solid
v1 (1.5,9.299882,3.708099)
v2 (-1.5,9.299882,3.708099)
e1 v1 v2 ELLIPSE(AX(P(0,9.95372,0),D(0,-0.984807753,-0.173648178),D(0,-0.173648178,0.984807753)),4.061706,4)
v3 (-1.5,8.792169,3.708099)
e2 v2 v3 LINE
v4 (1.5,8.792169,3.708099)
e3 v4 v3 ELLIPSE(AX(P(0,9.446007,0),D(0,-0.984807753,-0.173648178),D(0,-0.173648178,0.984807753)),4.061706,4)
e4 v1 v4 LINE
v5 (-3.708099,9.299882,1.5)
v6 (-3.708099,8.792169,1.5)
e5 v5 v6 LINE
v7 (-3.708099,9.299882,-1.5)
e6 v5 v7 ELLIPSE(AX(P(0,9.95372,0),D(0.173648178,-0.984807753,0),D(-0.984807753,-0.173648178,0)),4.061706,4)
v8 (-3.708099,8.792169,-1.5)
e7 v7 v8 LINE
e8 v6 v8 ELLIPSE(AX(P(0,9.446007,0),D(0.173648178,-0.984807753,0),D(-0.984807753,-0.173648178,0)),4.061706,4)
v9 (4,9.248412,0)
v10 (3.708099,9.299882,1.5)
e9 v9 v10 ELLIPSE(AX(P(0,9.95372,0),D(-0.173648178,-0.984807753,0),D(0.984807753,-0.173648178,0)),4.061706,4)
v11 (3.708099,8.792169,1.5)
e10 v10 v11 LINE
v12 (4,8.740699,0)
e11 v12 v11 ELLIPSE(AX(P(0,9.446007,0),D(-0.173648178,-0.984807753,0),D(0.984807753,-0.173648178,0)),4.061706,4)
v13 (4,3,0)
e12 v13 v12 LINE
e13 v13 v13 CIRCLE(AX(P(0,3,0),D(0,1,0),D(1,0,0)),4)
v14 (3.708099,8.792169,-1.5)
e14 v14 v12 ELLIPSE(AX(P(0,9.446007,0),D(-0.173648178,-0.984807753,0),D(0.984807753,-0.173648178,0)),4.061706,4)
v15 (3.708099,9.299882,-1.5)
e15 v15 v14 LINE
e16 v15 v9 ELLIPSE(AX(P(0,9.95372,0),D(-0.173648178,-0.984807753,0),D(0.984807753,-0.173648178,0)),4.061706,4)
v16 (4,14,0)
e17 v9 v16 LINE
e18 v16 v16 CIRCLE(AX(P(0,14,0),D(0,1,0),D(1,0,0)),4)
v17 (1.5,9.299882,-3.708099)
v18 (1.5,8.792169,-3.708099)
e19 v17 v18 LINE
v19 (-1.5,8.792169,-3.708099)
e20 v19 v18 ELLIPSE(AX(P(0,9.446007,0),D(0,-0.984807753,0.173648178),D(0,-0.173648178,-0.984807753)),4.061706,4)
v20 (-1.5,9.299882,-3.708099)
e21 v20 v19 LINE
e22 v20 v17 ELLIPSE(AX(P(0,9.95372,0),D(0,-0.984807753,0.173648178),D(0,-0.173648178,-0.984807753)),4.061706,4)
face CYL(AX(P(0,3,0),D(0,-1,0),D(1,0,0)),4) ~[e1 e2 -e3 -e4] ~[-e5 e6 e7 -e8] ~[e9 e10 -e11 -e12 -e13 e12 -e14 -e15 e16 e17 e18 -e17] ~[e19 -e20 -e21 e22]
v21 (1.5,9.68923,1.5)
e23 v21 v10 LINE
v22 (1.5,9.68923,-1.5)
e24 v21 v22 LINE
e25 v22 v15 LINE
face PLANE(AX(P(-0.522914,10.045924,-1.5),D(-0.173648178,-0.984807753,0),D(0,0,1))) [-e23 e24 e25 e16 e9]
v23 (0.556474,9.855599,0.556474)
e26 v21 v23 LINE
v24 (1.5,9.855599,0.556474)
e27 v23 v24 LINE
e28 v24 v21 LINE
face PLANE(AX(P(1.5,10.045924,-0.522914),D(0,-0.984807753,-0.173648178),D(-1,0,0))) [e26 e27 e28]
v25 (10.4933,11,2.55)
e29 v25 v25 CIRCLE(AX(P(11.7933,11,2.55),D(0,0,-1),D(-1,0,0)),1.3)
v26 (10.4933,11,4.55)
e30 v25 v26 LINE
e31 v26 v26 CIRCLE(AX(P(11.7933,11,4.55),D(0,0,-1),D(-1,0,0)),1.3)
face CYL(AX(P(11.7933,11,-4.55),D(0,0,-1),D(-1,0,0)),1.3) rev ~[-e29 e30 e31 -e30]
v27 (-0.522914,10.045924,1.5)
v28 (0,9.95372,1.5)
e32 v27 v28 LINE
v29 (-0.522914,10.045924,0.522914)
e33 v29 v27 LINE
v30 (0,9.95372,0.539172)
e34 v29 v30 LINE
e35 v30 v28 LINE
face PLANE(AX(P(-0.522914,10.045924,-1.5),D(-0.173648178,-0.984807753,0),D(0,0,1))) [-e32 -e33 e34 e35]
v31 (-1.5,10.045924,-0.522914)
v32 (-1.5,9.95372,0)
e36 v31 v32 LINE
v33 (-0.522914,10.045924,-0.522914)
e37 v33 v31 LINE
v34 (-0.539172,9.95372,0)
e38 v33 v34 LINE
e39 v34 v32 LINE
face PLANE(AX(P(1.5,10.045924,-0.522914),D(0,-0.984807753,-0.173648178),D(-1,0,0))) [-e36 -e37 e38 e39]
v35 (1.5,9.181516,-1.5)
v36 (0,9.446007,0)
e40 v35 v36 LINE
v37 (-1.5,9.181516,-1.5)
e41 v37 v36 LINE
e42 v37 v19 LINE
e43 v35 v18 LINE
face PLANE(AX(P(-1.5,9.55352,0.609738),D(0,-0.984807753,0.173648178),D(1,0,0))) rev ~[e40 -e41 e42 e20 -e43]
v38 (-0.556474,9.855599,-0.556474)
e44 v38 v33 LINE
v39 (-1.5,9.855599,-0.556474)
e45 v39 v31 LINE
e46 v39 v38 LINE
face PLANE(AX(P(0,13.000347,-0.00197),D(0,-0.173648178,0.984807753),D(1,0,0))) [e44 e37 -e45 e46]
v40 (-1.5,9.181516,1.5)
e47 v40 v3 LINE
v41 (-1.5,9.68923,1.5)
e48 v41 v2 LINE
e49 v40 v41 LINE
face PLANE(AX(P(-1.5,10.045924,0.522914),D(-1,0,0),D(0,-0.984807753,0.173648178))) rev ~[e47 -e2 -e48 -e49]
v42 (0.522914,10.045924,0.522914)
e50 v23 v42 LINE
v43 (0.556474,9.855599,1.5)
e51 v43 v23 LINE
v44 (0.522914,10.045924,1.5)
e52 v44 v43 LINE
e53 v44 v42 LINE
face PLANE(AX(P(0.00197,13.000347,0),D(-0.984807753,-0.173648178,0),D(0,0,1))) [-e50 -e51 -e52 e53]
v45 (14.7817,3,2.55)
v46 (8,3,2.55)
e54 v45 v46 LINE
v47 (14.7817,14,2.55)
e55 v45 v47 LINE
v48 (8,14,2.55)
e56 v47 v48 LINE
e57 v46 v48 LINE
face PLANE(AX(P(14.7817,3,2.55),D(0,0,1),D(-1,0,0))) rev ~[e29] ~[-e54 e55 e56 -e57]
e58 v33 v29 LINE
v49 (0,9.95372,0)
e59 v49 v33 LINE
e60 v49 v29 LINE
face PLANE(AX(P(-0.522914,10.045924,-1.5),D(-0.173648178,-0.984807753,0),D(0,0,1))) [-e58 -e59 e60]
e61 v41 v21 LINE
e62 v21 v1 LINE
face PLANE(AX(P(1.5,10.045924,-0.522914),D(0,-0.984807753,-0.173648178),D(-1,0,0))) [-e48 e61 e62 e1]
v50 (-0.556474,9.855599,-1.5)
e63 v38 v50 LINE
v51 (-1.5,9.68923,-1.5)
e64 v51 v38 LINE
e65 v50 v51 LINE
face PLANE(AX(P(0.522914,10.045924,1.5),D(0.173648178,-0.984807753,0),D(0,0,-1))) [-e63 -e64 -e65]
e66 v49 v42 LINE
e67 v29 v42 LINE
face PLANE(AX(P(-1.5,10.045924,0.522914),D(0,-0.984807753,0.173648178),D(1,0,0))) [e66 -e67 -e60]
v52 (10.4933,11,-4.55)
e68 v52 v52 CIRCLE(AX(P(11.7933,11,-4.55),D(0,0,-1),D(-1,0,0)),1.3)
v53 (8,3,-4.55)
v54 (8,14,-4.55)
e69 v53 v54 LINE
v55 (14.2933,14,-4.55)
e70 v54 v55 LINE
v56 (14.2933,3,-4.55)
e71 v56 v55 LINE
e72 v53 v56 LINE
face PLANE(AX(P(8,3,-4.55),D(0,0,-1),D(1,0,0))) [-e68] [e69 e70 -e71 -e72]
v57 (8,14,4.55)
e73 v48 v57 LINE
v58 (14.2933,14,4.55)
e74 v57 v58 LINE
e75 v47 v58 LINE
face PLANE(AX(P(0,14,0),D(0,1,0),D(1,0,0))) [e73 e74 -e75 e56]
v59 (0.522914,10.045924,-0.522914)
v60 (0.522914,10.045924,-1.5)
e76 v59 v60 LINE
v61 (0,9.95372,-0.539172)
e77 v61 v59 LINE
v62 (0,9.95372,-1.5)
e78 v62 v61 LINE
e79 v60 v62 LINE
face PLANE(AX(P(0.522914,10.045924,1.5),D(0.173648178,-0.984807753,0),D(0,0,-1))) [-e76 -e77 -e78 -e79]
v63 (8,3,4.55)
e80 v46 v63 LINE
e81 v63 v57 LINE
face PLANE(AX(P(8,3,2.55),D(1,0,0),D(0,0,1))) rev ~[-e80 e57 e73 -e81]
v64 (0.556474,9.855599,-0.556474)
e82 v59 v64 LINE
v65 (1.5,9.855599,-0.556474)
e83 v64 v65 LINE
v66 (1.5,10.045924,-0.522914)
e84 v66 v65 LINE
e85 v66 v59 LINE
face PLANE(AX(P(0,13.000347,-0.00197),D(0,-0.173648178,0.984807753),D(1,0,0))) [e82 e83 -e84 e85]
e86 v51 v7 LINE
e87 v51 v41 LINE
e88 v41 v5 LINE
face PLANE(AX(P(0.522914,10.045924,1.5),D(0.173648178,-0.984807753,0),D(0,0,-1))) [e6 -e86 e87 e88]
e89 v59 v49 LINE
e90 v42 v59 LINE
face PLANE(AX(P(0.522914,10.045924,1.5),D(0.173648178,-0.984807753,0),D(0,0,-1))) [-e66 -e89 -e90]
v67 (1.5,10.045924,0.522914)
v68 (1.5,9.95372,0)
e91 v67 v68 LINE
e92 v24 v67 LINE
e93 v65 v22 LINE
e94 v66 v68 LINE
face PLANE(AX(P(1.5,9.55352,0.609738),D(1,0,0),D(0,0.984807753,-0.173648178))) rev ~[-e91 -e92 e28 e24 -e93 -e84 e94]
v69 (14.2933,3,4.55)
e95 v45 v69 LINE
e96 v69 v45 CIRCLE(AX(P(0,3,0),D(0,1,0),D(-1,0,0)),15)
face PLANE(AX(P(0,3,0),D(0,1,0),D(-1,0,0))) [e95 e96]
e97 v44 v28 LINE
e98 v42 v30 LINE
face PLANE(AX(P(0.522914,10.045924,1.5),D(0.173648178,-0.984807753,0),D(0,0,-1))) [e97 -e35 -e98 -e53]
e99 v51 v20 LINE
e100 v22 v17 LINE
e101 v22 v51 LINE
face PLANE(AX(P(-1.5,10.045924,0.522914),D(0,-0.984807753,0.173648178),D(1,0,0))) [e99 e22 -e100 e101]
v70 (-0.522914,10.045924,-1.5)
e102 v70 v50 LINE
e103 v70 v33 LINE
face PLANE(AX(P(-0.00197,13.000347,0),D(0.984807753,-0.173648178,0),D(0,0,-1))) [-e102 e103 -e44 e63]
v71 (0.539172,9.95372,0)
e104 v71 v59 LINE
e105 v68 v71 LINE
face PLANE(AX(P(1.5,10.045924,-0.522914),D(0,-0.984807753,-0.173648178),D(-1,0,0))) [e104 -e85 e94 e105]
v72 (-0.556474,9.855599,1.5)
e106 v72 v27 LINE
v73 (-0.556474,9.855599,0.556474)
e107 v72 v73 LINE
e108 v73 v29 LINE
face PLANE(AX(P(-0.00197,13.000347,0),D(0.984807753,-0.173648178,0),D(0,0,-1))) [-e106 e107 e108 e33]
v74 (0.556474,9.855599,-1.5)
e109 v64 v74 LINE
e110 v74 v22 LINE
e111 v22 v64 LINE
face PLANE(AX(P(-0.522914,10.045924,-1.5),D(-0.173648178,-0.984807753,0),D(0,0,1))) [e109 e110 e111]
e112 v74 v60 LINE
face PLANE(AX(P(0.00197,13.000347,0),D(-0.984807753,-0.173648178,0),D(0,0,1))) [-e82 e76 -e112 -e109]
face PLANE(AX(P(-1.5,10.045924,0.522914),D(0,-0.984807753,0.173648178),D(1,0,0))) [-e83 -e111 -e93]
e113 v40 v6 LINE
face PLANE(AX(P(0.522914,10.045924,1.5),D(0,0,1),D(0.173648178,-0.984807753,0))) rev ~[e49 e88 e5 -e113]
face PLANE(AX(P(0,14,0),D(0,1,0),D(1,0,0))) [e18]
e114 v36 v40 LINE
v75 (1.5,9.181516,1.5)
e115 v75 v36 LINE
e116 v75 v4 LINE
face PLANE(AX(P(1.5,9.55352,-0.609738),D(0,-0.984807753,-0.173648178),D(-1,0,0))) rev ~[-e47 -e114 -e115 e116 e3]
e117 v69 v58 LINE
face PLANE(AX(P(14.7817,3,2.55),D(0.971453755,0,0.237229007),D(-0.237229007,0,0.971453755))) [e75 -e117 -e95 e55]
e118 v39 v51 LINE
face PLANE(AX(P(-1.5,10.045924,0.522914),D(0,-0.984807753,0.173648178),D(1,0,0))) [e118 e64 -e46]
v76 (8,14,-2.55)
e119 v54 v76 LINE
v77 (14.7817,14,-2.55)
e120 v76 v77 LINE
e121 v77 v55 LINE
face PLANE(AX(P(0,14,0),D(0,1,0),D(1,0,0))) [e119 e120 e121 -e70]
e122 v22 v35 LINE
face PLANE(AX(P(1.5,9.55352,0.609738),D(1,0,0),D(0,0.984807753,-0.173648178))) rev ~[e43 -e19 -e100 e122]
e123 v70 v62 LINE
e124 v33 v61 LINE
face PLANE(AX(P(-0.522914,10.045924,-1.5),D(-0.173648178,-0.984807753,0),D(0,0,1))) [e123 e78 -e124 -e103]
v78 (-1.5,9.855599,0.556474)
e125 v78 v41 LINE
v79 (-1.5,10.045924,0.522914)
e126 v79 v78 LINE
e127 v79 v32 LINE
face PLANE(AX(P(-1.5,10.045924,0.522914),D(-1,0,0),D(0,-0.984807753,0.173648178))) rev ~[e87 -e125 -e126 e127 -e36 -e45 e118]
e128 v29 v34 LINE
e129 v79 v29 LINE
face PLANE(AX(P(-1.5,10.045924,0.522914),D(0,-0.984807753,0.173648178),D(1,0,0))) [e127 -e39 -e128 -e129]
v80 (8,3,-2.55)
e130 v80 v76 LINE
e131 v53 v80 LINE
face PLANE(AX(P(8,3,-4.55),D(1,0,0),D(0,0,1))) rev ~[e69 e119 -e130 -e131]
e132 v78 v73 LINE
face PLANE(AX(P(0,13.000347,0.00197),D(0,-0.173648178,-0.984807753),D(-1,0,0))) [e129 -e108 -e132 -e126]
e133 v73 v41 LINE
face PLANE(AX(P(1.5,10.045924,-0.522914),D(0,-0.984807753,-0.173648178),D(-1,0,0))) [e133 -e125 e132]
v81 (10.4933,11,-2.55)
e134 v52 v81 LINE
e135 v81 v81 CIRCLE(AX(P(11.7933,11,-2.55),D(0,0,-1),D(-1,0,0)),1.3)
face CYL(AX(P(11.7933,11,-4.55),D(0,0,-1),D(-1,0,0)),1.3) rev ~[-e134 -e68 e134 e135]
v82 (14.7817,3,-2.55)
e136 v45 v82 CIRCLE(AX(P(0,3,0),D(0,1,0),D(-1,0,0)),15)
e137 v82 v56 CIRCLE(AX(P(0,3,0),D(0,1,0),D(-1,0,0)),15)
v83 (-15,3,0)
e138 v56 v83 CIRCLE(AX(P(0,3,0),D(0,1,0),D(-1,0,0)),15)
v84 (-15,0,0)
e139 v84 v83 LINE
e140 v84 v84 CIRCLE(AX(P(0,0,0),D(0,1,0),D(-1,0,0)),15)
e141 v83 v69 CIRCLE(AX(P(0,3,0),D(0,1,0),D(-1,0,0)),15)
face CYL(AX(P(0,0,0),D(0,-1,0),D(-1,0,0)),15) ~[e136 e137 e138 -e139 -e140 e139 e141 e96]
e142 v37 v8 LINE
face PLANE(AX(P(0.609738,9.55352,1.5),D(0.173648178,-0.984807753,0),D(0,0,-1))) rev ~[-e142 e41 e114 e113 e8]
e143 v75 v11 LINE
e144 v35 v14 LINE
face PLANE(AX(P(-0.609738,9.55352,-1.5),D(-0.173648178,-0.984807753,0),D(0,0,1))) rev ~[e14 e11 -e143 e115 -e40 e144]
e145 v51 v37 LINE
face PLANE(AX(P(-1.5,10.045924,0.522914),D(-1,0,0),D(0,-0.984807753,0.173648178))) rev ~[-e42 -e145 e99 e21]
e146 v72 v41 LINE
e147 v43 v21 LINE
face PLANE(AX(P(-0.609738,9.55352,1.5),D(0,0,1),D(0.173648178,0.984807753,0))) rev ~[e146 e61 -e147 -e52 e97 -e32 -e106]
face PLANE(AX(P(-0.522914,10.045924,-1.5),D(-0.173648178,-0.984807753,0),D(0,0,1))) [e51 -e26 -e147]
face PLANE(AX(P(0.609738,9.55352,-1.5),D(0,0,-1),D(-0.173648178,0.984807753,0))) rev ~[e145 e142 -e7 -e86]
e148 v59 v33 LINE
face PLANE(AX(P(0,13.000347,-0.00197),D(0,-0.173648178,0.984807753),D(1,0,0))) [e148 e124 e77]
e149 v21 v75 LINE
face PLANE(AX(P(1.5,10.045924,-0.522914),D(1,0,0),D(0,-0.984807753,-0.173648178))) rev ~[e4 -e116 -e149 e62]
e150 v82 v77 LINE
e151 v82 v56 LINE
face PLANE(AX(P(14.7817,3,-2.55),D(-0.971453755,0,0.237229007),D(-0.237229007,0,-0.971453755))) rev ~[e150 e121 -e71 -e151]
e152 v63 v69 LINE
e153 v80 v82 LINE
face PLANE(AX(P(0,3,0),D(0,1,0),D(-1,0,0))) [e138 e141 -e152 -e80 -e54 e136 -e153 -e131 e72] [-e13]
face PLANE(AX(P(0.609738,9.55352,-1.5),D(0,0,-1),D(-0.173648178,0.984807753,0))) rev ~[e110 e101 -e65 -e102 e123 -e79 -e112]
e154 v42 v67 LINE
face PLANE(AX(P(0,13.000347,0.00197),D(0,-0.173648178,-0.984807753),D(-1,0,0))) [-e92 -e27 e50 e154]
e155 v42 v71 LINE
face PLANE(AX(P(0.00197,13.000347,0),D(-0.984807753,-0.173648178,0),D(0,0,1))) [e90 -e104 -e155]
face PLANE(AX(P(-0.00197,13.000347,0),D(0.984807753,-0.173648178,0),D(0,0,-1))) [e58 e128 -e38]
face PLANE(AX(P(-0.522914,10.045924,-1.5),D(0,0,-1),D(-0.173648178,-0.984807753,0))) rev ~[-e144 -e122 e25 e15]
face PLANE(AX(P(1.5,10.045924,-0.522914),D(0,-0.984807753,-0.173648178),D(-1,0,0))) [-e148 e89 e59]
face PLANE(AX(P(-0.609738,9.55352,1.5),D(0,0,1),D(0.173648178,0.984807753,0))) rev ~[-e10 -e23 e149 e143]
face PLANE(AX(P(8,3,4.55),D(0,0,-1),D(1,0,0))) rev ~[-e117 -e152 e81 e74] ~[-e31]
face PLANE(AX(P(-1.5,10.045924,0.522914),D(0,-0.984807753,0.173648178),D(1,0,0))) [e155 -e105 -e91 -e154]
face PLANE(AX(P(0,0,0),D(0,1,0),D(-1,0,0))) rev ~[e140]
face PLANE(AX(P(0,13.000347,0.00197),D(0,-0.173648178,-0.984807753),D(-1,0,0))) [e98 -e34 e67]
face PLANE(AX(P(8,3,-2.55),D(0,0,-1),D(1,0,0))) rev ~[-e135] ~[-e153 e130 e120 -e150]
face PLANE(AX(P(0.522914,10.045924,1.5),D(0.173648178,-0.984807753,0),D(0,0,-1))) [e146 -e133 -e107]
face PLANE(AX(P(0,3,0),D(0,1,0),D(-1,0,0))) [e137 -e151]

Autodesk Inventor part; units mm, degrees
ref_plane "XZ Plane" through (0, 0, 0) normal (0, 1, 0) x (-1, 0, 0)
ref_plane "XY Plane" through (0, 0, 0) normal (0, 0, 1) x (1, 0, 0)
sketch "スケッチ1" plane through (0, 0, 0) normal (0, 1, 0) x (-1, 0, 0)
  circle A0 centre (0, 0) radius 15
  dimension "d0" = 30
extrude "押し出し1" add sketch "スケッチ1" along normal blind 3
sketch "スケッチ2" plane through (0, 3, 0) normal (0, 1, 0) x (1, 0, 0)
  circle A0 centre (0, 0) radius 15 projected
  line L0 (14.7817, -2.55) -> (8, -2.55)
  line L1 (8, -2.55) -> (8, -4.55)
  line L2 (8, 4.55) -> (8, 2.55)
  line L3 (-21, 0) -> (21, 0) projected
  line L4 (0, 21) -> (0, -21) projected
  line L5 (8, -4.55) -> (14.2933, -4.55)
  line L6 (14.7817, -2.55) -> (14.2933, -4.55)
  line L7 (8, 2.55) -> (14.7817, 2.55)
  line L8 (8, 2.55) -> (14.7817, 2.55) construction
  line L9 (8, 4.55) -> (14.2933, 4.55)
  line L10 (14.7817, 2.55) -> (14.2933, 4.55)
  point P0 (11.3908, -2.55)
  point P1 (8, -3.55)
  point P2 (8, 3.55)
  dimension "d16" = 2
  dimension "d27" = 8
  dimension "d28" = 2.55
  dimension "d29" = 8
  dimension "d31" = 2
  dimension "d33" = 2.55
extrude "押し出し2" add sketch "スケッチ2" along normal blind 11 contours L7 L2 L9 L10 | L6 L5 L1 L0
sketch "スケッチ4" plane through (14.2933, 3, -4.55) normal (0, 0, -1) x (-1, 0, 0)
  circle A0 centre (2.5, 8) radius 1.3
  line L0 (29.2933, 0) -> (0, 0) projected
  line L1 (6.2933, 0) -> (6.2933, 11) projected
  line L2 (0, 0) -> (0, 11) projected
  point P0 (14.2933, -3)
  dimension "d34" = 2.6
  dimension "d35" = 8
  dimension "d42" = 2.5
extrude "押し出し4" cut sketch "スケッチ4" against normal through all
sketch "スケッチ5" plane through (0, 3, 0) normal (0, 1, 0) x (1, 0, 0)
  circle A0 centre (0, 0) radius 4
  dimension "d39" = 8
extrude "押し出し5" add sketch "スケッチ5" along normal blind 11
sketch "スケッチ6" plane through (0, 0, 0) normal (1, 0, 0) x (0, 1, 0)
  line L0 (3, -4.55) -> (3, 4.55) projected
  line L1 (3, -2.55) -> (3, -4.55) projected
  line L2 (3, 2.55) -> (3, -2.55) projected
  line L3 (3, 4.55) -> (3, 2.55) projected
  line L4 (0, -15) -> (0, 15) projected
  line L5 (0, -15) -> (3, -15) projected
  point P0 (0, 0)
  point P1 (13, 0)
  dimension "d43" = 15
  dimension "d44" = 10
ref_plane "作業平面1" through (0, 13, 0) normal (0, -0.1736, 0.9848) x (1, 0, 0)
sketch "スケッチ7" plane through (0, 13, 0) normal (0, -0.1736, 0.9848) x (1, 0, 0)
  line L0 (1.5, -3) -> (-1.5, -3)
  line L1 (1.5, -3) -> (1.5, -3.5)
  line L2 (1.5, -3.5) -> (-1.5, -3.5)
  line L3 (-1.5, -3.5) -> (-1.5, -3)
  line L4 (0, -19.2066) -> (0, 7.3889) projected
  line L5 (-21, 0) -> (21, 0) projected
  point P0 (0, -12.8025)
  point P1 (1.5, -3.25)
  dimension "d46" = 3
  dimension "d47" = 0.5
  dimension "d48" = 1.5
  dimension "d49" = 3
extrude "押し出し6" cut sketch "スケッチ7" along normal blind 10
pattern_circular "円形状パターン1" count 4 over 360 about axis through (0, 3, 0) along (0, 1, 0) of "押し出し6"
properties part number "exp_latch_base_rev0"
